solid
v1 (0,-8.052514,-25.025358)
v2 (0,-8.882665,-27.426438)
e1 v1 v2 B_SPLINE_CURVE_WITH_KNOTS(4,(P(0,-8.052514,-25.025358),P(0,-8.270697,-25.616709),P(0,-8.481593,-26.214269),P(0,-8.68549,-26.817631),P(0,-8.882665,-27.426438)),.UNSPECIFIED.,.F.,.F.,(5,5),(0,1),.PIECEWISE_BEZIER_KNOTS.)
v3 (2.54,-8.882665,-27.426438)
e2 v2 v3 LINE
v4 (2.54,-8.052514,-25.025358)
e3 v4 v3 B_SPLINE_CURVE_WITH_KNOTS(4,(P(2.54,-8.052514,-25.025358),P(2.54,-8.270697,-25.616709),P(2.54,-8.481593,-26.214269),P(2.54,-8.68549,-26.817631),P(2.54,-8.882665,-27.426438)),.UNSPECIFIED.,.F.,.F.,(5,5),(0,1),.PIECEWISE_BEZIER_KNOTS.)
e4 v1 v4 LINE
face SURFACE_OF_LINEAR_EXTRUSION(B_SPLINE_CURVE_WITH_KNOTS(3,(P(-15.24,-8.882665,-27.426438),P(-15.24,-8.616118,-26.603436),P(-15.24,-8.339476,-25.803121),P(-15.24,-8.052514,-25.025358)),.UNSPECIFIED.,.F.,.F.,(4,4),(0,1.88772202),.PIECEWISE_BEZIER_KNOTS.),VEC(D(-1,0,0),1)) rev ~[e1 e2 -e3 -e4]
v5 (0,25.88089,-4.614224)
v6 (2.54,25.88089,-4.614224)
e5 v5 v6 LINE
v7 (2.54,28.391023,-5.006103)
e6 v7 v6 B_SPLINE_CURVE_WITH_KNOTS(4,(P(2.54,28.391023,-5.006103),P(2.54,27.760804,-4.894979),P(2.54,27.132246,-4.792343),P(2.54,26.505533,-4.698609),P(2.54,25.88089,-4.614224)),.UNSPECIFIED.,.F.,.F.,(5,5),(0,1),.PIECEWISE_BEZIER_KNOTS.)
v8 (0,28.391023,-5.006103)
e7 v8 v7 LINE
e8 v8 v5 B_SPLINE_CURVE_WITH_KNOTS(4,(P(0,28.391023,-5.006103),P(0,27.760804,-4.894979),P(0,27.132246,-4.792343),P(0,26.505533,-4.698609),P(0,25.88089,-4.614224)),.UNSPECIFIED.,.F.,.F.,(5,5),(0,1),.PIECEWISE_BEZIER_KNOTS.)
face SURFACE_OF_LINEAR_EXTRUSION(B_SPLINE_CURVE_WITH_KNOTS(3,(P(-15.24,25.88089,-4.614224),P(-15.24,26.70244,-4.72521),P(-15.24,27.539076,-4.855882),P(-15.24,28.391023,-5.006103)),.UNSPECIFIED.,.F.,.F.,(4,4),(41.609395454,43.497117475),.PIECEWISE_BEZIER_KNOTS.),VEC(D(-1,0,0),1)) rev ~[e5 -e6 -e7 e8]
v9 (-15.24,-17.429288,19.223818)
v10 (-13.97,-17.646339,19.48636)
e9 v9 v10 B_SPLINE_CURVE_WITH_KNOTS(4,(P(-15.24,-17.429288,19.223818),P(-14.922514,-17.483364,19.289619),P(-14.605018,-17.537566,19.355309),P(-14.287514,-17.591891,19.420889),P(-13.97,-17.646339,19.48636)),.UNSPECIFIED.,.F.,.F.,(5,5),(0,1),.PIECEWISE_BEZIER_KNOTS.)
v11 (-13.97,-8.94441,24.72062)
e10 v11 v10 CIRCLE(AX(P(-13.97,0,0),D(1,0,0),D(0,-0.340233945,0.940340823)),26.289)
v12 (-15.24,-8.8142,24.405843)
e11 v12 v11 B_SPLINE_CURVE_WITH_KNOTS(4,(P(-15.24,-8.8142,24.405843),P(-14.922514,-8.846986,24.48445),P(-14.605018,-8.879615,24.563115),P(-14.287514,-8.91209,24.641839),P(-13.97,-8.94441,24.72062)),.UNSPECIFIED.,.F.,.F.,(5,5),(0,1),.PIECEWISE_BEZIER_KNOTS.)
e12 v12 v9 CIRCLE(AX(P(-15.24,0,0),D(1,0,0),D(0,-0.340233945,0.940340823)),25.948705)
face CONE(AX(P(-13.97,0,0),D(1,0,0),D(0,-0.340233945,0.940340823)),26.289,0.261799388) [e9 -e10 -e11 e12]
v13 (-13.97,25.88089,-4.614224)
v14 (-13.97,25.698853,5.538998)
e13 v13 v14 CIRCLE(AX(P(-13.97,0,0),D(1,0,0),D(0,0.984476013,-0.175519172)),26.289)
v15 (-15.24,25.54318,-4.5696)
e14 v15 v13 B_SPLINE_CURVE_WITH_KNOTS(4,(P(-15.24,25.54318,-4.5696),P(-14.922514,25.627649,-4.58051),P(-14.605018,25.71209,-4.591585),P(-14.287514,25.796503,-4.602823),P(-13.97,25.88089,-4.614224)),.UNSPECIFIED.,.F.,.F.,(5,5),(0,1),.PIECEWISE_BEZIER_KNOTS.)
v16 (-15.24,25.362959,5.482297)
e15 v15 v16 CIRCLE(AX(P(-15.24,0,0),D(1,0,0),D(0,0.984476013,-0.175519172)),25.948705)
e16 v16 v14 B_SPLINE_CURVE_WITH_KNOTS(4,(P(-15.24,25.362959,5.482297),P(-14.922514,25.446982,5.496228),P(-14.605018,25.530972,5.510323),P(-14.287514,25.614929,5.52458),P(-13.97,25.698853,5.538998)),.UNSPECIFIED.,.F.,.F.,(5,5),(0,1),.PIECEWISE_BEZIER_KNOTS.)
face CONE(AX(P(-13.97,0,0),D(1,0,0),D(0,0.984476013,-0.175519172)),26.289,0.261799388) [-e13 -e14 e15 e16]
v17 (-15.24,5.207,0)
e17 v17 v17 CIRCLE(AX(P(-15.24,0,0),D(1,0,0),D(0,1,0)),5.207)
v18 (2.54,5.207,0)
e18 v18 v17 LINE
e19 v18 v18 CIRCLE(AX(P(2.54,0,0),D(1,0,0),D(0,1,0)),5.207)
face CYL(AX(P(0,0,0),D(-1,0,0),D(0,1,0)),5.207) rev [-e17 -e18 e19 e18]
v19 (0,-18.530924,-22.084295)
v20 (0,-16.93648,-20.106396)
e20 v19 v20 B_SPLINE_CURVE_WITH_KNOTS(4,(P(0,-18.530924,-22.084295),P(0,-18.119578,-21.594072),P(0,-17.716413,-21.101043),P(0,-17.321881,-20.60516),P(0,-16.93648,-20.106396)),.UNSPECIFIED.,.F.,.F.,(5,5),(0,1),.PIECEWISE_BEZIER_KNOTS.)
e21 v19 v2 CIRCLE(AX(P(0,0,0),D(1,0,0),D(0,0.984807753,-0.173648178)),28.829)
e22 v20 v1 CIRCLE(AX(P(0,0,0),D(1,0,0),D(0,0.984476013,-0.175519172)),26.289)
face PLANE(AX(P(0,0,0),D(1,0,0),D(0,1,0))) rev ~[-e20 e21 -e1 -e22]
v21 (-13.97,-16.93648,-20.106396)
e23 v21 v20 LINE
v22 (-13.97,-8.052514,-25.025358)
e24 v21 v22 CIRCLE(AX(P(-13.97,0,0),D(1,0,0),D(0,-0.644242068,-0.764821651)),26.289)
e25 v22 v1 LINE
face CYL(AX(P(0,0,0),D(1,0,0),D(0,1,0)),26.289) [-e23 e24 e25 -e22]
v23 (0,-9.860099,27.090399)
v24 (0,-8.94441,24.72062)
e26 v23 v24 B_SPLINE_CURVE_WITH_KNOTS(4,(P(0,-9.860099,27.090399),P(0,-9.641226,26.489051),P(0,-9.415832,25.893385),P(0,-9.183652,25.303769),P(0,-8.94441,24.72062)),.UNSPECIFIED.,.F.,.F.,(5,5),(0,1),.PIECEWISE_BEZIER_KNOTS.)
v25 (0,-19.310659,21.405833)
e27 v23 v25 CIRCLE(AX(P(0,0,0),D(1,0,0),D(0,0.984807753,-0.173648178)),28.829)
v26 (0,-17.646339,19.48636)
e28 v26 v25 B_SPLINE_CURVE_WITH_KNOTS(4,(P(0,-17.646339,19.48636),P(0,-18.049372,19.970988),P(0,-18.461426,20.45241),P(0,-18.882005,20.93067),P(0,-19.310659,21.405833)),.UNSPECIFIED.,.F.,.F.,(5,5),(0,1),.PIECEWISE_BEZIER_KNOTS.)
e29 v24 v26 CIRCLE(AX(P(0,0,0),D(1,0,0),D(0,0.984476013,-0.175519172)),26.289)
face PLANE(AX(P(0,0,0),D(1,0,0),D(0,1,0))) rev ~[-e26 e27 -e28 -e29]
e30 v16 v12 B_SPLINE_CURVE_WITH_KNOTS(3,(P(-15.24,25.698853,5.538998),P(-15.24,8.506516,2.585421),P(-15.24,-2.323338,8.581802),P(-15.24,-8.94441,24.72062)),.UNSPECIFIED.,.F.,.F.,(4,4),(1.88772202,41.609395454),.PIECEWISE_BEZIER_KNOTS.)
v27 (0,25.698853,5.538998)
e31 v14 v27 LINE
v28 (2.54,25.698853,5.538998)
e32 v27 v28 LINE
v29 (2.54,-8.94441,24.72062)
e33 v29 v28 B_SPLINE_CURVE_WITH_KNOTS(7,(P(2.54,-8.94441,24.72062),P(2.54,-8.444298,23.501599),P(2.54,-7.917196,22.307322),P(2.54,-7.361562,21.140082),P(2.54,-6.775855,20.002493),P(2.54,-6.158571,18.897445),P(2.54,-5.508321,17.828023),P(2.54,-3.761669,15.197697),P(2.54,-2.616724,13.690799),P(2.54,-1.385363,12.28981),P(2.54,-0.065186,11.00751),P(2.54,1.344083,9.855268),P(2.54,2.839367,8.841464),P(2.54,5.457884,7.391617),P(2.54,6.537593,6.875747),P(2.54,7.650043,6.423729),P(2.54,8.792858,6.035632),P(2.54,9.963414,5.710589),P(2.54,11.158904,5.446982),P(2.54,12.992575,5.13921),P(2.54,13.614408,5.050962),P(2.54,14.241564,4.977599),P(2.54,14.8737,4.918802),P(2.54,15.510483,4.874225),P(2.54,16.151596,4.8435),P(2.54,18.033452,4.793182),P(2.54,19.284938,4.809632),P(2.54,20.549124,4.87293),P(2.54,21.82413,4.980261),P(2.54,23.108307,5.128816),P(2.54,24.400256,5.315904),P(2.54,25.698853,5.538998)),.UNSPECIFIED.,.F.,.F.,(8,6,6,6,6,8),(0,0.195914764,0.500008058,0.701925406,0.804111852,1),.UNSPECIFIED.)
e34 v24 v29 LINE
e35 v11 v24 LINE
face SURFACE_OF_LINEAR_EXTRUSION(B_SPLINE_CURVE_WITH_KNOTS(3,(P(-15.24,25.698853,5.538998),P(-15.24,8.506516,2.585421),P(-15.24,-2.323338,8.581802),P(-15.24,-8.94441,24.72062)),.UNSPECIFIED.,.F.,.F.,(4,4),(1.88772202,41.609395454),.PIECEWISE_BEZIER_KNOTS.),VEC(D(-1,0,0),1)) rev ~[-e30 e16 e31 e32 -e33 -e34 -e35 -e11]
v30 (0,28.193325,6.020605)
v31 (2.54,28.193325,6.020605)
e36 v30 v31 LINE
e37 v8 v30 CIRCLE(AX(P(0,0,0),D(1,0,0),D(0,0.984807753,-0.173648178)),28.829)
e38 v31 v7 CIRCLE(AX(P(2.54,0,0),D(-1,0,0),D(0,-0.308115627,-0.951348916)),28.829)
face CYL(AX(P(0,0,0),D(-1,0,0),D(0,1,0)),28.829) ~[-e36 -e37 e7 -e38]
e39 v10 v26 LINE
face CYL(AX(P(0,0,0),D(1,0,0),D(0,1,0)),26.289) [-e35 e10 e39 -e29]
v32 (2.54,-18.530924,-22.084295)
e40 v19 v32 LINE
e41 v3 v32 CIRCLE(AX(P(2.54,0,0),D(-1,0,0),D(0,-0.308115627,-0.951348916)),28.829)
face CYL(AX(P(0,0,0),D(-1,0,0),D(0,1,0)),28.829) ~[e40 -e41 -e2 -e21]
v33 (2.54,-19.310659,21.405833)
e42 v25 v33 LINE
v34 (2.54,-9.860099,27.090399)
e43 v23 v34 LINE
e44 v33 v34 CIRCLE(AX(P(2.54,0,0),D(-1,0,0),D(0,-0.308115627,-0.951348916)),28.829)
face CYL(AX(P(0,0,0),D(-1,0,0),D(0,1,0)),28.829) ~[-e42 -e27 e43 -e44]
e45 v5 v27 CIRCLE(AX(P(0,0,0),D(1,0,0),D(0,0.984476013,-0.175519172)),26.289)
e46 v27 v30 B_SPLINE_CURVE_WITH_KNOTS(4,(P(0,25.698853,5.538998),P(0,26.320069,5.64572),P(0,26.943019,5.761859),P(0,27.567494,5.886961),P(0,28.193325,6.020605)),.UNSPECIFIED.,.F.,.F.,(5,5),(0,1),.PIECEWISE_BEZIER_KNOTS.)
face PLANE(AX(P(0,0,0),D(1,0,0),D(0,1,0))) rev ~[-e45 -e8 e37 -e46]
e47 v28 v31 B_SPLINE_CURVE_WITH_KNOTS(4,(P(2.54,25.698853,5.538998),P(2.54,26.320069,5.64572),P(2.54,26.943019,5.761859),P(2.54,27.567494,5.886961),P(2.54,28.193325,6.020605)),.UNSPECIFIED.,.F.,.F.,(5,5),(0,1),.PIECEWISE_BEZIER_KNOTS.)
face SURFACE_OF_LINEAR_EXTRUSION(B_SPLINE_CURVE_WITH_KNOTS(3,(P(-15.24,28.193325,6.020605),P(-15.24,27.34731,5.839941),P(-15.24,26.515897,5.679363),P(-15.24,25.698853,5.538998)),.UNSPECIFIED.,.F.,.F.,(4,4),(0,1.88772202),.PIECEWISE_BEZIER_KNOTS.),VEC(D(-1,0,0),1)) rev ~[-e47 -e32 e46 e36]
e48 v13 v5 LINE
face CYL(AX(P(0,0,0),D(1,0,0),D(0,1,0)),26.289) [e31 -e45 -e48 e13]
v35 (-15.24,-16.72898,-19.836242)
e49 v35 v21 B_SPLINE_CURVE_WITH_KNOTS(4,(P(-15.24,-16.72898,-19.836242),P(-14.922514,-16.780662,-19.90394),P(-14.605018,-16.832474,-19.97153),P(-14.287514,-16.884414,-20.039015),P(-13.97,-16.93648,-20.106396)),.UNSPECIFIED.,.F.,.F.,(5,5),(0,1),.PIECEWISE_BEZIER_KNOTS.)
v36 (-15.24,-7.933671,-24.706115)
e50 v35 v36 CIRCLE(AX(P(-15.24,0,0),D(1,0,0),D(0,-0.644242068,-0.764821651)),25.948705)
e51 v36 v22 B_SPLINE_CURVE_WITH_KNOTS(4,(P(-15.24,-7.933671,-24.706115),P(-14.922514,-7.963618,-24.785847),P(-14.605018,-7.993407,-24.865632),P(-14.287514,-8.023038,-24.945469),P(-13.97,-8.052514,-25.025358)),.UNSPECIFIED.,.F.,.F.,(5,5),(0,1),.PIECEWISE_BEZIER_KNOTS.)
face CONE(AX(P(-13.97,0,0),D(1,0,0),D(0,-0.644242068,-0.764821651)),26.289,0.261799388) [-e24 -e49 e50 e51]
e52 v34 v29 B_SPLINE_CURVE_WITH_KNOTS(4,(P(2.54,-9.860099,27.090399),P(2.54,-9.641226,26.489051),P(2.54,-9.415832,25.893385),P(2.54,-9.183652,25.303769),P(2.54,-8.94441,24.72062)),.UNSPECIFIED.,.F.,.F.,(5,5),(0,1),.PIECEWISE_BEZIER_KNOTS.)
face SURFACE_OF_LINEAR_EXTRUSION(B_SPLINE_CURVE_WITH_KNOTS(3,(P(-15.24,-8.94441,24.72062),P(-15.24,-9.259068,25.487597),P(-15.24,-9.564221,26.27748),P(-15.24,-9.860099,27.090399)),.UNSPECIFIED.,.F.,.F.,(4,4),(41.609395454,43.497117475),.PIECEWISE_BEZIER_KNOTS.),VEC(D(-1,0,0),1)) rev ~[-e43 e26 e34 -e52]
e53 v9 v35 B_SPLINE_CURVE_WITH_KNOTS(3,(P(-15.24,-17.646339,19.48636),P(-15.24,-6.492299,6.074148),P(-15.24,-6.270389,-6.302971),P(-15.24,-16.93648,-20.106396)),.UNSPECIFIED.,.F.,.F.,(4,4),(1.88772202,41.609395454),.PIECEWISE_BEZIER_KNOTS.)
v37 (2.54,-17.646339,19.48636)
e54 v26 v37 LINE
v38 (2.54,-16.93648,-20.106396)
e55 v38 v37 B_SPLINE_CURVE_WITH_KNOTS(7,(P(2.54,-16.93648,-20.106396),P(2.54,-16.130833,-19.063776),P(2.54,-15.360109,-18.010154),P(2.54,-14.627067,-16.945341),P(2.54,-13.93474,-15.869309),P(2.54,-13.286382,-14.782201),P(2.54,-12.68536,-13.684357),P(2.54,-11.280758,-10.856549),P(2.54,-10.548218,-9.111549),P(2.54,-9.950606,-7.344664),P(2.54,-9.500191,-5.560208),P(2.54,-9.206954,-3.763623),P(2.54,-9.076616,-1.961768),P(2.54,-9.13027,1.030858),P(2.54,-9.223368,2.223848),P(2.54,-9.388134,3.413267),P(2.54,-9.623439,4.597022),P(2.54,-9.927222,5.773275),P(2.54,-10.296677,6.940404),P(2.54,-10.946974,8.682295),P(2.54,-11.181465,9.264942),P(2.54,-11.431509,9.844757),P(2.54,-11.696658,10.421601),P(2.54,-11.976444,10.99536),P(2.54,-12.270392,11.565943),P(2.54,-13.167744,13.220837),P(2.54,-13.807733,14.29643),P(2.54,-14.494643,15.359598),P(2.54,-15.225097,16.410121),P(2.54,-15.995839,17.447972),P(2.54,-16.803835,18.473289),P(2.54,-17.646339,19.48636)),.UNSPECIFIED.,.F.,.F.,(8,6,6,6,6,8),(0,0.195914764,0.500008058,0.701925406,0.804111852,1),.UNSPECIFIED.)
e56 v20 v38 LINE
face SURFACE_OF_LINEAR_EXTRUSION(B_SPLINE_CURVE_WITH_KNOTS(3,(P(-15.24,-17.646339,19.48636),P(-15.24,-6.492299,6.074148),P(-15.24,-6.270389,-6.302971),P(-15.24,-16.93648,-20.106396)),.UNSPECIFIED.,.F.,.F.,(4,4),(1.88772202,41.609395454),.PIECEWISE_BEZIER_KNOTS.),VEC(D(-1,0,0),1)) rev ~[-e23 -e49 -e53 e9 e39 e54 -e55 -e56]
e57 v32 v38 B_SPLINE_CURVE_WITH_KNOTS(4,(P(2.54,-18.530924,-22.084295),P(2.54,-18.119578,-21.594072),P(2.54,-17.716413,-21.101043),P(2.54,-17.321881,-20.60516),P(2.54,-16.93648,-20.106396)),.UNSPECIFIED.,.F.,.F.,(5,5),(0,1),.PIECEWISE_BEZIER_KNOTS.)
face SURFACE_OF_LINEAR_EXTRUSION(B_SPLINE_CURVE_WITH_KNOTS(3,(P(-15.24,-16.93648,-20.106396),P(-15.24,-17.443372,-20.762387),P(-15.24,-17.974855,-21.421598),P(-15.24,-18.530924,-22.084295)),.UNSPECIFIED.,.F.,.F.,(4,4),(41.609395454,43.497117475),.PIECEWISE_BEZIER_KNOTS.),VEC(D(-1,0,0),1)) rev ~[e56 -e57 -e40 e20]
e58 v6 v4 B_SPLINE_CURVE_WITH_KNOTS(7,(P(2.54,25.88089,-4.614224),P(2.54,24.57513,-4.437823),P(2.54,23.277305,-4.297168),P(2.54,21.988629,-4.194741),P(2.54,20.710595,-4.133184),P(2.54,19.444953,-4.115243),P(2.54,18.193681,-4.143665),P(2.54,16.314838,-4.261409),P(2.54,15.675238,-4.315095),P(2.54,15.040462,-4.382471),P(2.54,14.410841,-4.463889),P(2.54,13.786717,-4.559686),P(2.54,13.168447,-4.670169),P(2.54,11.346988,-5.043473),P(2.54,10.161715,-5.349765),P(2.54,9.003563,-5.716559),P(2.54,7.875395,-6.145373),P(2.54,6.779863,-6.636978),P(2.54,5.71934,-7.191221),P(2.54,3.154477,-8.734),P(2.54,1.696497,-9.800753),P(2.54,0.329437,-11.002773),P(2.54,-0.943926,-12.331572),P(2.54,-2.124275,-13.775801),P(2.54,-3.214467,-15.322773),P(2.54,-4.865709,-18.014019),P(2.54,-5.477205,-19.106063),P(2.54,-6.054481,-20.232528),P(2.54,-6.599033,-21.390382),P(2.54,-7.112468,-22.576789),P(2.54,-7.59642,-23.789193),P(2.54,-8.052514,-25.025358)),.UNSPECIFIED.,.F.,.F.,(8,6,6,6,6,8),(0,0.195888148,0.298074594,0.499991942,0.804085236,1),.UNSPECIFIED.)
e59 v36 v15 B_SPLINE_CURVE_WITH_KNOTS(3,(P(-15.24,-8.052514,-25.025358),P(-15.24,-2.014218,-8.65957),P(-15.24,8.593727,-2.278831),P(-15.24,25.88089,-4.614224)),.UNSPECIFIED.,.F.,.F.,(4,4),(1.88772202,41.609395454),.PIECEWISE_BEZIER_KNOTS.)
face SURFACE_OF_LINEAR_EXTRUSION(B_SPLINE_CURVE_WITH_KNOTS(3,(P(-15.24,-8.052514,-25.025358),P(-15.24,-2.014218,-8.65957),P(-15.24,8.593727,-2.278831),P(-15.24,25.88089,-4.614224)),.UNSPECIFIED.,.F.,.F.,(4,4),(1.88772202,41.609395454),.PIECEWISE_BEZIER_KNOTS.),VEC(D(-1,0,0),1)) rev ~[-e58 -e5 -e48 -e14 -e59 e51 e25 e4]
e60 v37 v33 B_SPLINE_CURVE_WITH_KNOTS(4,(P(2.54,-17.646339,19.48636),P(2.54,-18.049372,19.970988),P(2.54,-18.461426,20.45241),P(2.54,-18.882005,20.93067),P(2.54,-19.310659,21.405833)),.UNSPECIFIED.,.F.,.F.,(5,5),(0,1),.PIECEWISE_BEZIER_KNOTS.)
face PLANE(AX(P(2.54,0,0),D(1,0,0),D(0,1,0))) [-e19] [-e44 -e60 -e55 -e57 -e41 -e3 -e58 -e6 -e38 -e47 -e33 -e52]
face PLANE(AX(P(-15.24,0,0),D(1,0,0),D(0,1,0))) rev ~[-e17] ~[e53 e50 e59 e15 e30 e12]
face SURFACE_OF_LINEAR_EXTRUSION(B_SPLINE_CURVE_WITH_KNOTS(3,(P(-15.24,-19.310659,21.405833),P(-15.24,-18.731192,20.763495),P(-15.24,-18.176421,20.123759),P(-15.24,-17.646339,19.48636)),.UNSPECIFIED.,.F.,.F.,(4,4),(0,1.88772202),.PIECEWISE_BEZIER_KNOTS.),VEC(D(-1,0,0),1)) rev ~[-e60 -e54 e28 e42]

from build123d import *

# Parameters (mm, degrees)
F0_R     = 26.289
F0_R_2   = 5.207
F1_DEPTH = 15.24
F2_R     = 28.829
F2_R_2   = 5.207
F3_DEPTH = 2.54
F5_DEPTH = 17.781
F6_COUNT = 3
F6_ANGLE = 240
F8_SIZE2 = 1.27
F8_SIZE  = 0.3402954744


with BuildPart() as f1:
    # F0 (on Right) → F1 (new body)
    with BuildSketch(Plane.YZ):
        Circle(F0_R)
        Circle(F0_R_2, mode=Mode.SUBTRACT)
    extrude(amount=-F1_DEPTH)

    # F2 (on face) → F3 (join)
    with BuildSketch(Plane.YZ):
        Circle(F2_R)
        Circle(F2_R_2, mode=Mode.SUBTRACT)
    extrude(amount=F3_DEPTH)


with BuildPart() as f5:
    # F4 (on face) → F5 (new body, through all)
    with BuildSketch(Plane(origin=(-15.24, 0, 0), x_dir=(0, -1, 0), z_dir=(-1, 0, 0))):
        with BuildLine():
            ThreePointArc((-28.3910227116, -5.006103314), (-23.5858740231, -39.2113912621), (8.8826653964, -27.4264379104))
            add(Edge.make_bspline(
                [(8.8826653964, -27.4264379104), (8.6161177773, -26.6034358722), (8.3394760096, -25.8031213114), (8.0525136679, -25.025358032)],
                knots=[0, 0, 0, 0, 1.8877220202, 1.8877220202, 1.8877220202, 1.8877220202], degree=3))
            ThreePointArc((8.0525136679, -25.025358032), (-13.5505111701, -22.527653407), (-25.8808899077, -4.6142235084))
            add(Edge.make_bspline(
                [(-25.8808899077, -4.6142235084), (-26.7024403228, -4.7252100836), (-27.5390757823, -4.8558820842), (-28.3910227116, -5.006103314)],
                knots=[41.6093954543, 41.6093954543, 41.6093954543, 41.6093954543, 43.4971174745, 43.4971174745, 43.4971174745, 43.4971174745], degree=3))
        make_face()
        with BuildLine():
            ThreePointArc((-25.8808899077, -4.6142235084), (-13.5505111701, -22.527653407), (8.0525136679, -25.025358032))
            add(Edge.make_bspline(
                [(8.0525136679, -25.025358032), (2.0142176142, -8.6595697091), (-8.5937274184, -2.2788306654), (-25.8808899077, -4.6142235084)],
                knots=[1.8877220202, 1.8877220202, 1.8877220202, 1.8877220202, 41.6093954543, 41.6093954543, 41.6093954543, 41.6093954543], degree=3))
        make_face()
    extrude(amount=-F5_DEPTH)


with BuildPart() as f6_1:
    # F6: instance of F5
    add(f5.part.rotate(Axis((0, 0, 0), (1, 0, 0)), 1 * F6_ANGLE / (F6_COUNT - 1)))


with BuildPart() as f6_2:
    # F6: instance of F5
    add(f5.part.rotate(Axis((0, 0, 0), (1, 0, 0)), 2 * F6_ANGLE / (F6_COUNT - 1)))


with BuildPart() as f1_1:
    add(f1.part)

    # F7: cut F5, F6_2, F6_1
    add(f5.part, mode=Mode.SUBTRACT)
    add(f6_2.part, mode=Mode.SUBTRACT)
    add(f6_1.part, mode=Mode.SUBTRACT)

    # F8
    f8_edges = [f1_1.edges().sort_by_distance(p)[0] for p in [
        (-15.24, 26.284776, 0.47126),
        (-15.24, -13.550511, 22.527653),
        (-15.24, -12.734265, -22.998914),
    ]]
    f8_side = f1_1.faces().sort_by_distance((-15.24, 4.091505, 7.389523))[0]
    chamfer(f8_edges, length=F8_SIZE, length2=F8_SIZE2, reference=f8_side)


solid = f1_1.part
